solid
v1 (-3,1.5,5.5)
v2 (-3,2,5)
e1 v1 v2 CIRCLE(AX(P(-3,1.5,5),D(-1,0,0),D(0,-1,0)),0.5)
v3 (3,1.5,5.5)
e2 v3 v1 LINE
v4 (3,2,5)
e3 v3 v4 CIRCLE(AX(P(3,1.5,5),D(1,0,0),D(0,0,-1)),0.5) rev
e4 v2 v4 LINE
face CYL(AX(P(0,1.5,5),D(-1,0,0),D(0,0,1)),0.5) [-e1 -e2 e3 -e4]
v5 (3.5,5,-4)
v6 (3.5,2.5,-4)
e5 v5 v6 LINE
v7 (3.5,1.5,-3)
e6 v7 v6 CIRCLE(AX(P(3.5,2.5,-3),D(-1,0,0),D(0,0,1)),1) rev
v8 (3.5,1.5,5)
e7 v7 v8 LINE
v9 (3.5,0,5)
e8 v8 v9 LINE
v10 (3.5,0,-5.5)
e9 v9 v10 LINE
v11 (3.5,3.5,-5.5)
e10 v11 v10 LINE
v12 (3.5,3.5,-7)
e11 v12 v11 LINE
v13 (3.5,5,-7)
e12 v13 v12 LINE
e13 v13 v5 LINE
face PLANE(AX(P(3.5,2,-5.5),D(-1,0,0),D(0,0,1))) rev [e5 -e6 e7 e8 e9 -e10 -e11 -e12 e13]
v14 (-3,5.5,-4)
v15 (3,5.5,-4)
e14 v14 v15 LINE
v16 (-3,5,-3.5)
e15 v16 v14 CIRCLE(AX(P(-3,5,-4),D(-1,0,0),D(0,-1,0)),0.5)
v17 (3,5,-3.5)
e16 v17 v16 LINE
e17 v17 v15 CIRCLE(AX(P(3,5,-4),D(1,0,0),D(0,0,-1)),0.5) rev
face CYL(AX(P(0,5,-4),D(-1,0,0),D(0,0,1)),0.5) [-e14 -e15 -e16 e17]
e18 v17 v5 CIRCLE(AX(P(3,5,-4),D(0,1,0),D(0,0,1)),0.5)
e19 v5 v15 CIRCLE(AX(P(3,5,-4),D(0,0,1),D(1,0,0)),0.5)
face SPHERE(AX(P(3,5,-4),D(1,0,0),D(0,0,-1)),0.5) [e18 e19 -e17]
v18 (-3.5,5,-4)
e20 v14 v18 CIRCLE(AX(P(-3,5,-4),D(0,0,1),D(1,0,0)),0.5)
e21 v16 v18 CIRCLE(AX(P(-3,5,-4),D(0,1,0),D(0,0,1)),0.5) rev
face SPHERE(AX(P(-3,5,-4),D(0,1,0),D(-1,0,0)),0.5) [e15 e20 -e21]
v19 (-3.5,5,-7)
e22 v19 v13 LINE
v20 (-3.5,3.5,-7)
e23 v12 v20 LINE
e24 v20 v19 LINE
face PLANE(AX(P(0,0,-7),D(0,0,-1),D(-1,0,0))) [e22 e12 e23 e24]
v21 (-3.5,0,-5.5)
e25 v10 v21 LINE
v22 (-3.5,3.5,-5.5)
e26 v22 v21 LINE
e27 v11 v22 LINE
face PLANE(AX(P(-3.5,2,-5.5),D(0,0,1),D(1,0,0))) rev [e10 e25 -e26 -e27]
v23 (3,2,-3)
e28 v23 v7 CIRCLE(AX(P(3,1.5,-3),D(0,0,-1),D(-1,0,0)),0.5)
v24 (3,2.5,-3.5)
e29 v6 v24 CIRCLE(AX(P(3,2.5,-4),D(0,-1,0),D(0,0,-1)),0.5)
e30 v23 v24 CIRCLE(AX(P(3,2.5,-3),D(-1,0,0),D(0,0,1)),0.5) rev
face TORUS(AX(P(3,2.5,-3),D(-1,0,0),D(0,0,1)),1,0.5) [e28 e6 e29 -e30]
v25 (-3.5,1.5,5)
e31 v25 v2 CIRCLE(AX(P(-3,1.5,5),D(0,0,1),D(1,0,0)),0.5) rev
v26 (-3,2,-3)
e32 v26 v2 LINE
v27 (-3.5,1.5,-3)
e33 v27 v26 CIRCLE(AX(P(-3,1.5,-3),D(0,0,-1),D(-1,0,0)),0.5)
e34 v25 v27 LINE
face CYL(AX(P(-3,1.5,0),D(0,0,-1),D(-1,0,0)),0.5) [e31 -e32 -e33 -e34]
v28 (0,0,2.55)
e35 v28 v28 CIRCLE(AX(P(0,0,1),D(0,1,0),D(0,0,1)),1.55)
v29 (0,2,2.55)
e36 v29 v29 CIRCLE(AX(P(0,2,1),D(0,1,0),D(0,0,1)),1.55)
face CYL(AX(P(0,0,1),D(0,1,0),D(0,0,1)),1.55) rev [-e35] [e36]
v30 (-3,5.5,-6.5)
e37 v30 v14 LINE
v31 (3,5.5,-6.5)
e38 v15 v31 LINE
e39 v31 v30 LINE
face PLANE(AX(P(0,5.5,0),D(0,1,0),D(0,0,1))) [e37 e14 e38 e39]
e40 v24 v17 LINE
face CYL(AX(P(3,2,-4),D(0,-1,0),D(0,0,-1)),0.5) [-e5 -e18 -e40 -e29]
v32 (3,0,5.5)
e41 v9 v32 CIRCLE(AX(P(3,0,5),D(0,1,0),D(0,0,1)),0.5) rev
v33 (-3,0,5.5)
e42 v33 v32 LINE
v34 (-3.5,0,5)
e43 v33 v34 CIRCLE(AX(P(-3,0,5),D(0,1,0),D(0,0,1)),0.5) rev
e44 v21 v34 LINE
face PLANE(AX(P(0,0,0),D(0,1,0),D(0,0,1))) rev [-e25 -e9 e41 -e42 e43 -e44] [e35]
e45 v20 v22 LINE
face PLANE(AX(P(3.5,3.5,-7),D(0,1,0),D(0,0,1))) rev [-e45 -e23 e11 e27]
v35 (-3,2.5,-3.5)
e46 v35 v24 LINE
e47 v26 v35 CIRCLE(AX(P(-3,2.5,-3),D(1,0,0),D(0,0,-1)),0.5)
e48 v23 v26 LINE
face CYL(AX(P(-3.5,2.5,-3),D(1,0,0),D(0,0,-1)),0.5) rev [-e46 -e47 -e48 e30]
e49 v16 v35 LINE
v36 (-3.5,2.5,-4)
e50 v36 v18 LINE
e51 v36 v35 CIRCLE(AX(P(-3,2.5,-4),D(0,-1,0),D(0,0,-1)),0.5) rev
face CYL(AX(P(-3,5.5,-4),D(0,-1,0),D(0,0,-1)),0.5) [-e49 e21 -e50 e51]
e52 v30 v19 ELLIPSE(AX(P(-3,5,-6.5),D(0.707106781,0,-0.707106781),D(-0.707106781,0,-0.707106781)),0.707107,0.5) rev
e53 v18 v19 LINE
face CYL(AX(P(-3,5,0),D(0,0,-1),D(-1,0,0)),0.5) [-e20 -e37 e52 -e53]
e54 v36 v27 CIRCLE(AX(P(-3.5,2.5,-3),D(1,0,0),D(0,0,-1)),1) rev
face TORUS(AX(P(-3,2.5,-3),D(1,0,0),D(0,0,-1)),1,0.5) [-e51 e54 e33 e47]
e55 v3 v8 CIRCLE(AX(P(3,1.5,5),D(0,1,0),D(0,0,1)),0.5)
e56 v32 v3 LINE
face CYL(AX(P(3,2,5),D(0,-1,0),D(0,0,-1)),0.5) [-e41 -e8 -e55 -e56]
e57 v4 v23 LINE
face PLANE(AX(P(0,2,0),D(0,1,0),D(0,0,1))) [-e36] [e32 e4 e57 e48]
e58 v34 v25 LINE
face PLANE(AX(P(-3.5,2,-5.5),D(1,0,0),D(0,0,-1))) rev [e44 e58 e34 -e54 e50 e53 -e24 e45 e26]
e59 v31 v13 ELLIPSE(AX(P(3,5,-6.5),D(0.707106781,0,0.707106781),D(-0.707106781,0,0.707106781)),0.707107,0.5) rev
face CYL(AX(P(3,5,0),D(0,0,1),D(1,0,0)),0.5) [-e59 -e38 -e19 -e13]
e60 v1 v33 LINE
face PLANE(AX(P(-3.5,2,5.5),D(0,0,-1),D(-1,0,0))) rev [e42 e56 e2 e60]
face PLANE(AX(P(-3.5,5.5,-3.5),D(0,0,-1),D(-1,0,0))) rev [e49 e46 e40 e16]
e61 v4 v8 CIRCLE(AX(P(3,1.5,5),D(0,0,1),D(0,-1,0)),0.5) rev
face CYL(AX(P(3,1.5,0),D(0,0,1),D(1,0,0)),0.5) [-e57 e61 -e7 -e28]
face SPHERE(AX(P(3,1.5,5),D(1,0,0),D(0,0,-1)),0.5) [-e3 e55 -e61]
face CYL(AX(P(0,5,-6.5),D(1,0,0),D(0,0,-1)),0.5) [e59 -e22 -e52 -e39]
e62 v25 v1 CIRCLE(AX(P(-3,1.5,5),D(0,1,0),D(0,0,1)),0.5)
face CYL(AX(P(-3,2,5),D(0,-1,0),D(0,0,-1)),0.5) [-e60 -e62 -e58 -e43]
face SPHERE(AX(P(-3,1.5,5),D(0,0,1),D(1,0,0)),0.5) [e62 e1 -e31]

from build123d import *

# Parameters (mm, degrees)
ESBO_O1_W                = 7
ESBO_O1_H                = 11
RESSALTO_EXTRUS_O1_DEPTH = 2
ESBO_O2_W                = 7
ESBO_O2_H                = 2
RESSALTO_EXTRUS_O2_DEPTH = 3.5
ESBO_O3_W                = 7
ESBO_O3_H                = 2
RESSALTO_EXTRUS_O3_DEPTH = 1.5
ESBO_O4_R                = 1.55
CORTE_EXTRUS_O1_DEPTH    = 2
FILETE1_R                = 0.5


with BuildPart() as part:
    # Esboço1 → Ressalto-extrusão1 (new body)
    with BuildSketch(Plane(origin=(0, 0, 0), x_dir=(1, 0, 0), z_dir=(0, 1, 0))):
        Rectangle(ESBO_O1_W, ESBO_O1_H)
    extrude(amount=RESSALTO_EXTRUS_O1_DEPTH)

    # Esboço2 → Ressalto-extrusão2 (add)
    with BuildSketch(Plane(origin=(0, 2, 0), x_dir=(1, 0, 0), z_dir=(0, 1, 0))):
        with Locations((0, 4.5)):
            Rectangle(ESBO_O2_W, ESBO_O2_H)
    extrude(amount=RESSALTO_EXTRUS_O2_DEPTH)

    # Esboço3 → Ressalto-extrusão3 (add)
    with BuildSketch(Plane(origin=(0, 0, -5.5), x_dir=(-1, 0, 0), z_dir=(0, 0, -1))):
        with Locations((0, 4.5)):
            Rectangle(ESBO_O3_W, ESBO_O3_H)
    extrude(amount=RESSALTO_EXTRUS_O3_DEPTH)

    # Esboço4 → Corte-extrusão1 (cut)
    with BuildSketch(Plane(origin=(0, 2, 0), x_dir=(1, 0, 0), z_dir=(0, 1, 0))):
        with Locations(Location((0, -1, 0), (0, 0, 270))):
            Circle(ESBO_O4_R)
    extrude(amount=-CORTE_EXTRUS_O1_DEPTH, mode=Mode.SUBTRACT)

    # Filete1
    filete1_edges = [part.edges().sort_by_distance(p)[0] for p in [
        (-3.5, 2, 1),
        (0, 2, -3.5),
        (-3.5, 3.75, -3.5),
        (0, 2, 5.5),
        (3.5, 3.75, -3.5),
        (-3.5, 5.5, -5.25),
        (0, 5.5, -3.5),
        (3.5, 5.5, -5.25),
        (0, 5.5, -7),
        (3.5, 2, 1),
        (3.5, 1, 5.5),
        (-3.5, 1, 5.5),
    ]]
    fillet(filete1_edges, radius=FILETE1_R)


solid = part.part
